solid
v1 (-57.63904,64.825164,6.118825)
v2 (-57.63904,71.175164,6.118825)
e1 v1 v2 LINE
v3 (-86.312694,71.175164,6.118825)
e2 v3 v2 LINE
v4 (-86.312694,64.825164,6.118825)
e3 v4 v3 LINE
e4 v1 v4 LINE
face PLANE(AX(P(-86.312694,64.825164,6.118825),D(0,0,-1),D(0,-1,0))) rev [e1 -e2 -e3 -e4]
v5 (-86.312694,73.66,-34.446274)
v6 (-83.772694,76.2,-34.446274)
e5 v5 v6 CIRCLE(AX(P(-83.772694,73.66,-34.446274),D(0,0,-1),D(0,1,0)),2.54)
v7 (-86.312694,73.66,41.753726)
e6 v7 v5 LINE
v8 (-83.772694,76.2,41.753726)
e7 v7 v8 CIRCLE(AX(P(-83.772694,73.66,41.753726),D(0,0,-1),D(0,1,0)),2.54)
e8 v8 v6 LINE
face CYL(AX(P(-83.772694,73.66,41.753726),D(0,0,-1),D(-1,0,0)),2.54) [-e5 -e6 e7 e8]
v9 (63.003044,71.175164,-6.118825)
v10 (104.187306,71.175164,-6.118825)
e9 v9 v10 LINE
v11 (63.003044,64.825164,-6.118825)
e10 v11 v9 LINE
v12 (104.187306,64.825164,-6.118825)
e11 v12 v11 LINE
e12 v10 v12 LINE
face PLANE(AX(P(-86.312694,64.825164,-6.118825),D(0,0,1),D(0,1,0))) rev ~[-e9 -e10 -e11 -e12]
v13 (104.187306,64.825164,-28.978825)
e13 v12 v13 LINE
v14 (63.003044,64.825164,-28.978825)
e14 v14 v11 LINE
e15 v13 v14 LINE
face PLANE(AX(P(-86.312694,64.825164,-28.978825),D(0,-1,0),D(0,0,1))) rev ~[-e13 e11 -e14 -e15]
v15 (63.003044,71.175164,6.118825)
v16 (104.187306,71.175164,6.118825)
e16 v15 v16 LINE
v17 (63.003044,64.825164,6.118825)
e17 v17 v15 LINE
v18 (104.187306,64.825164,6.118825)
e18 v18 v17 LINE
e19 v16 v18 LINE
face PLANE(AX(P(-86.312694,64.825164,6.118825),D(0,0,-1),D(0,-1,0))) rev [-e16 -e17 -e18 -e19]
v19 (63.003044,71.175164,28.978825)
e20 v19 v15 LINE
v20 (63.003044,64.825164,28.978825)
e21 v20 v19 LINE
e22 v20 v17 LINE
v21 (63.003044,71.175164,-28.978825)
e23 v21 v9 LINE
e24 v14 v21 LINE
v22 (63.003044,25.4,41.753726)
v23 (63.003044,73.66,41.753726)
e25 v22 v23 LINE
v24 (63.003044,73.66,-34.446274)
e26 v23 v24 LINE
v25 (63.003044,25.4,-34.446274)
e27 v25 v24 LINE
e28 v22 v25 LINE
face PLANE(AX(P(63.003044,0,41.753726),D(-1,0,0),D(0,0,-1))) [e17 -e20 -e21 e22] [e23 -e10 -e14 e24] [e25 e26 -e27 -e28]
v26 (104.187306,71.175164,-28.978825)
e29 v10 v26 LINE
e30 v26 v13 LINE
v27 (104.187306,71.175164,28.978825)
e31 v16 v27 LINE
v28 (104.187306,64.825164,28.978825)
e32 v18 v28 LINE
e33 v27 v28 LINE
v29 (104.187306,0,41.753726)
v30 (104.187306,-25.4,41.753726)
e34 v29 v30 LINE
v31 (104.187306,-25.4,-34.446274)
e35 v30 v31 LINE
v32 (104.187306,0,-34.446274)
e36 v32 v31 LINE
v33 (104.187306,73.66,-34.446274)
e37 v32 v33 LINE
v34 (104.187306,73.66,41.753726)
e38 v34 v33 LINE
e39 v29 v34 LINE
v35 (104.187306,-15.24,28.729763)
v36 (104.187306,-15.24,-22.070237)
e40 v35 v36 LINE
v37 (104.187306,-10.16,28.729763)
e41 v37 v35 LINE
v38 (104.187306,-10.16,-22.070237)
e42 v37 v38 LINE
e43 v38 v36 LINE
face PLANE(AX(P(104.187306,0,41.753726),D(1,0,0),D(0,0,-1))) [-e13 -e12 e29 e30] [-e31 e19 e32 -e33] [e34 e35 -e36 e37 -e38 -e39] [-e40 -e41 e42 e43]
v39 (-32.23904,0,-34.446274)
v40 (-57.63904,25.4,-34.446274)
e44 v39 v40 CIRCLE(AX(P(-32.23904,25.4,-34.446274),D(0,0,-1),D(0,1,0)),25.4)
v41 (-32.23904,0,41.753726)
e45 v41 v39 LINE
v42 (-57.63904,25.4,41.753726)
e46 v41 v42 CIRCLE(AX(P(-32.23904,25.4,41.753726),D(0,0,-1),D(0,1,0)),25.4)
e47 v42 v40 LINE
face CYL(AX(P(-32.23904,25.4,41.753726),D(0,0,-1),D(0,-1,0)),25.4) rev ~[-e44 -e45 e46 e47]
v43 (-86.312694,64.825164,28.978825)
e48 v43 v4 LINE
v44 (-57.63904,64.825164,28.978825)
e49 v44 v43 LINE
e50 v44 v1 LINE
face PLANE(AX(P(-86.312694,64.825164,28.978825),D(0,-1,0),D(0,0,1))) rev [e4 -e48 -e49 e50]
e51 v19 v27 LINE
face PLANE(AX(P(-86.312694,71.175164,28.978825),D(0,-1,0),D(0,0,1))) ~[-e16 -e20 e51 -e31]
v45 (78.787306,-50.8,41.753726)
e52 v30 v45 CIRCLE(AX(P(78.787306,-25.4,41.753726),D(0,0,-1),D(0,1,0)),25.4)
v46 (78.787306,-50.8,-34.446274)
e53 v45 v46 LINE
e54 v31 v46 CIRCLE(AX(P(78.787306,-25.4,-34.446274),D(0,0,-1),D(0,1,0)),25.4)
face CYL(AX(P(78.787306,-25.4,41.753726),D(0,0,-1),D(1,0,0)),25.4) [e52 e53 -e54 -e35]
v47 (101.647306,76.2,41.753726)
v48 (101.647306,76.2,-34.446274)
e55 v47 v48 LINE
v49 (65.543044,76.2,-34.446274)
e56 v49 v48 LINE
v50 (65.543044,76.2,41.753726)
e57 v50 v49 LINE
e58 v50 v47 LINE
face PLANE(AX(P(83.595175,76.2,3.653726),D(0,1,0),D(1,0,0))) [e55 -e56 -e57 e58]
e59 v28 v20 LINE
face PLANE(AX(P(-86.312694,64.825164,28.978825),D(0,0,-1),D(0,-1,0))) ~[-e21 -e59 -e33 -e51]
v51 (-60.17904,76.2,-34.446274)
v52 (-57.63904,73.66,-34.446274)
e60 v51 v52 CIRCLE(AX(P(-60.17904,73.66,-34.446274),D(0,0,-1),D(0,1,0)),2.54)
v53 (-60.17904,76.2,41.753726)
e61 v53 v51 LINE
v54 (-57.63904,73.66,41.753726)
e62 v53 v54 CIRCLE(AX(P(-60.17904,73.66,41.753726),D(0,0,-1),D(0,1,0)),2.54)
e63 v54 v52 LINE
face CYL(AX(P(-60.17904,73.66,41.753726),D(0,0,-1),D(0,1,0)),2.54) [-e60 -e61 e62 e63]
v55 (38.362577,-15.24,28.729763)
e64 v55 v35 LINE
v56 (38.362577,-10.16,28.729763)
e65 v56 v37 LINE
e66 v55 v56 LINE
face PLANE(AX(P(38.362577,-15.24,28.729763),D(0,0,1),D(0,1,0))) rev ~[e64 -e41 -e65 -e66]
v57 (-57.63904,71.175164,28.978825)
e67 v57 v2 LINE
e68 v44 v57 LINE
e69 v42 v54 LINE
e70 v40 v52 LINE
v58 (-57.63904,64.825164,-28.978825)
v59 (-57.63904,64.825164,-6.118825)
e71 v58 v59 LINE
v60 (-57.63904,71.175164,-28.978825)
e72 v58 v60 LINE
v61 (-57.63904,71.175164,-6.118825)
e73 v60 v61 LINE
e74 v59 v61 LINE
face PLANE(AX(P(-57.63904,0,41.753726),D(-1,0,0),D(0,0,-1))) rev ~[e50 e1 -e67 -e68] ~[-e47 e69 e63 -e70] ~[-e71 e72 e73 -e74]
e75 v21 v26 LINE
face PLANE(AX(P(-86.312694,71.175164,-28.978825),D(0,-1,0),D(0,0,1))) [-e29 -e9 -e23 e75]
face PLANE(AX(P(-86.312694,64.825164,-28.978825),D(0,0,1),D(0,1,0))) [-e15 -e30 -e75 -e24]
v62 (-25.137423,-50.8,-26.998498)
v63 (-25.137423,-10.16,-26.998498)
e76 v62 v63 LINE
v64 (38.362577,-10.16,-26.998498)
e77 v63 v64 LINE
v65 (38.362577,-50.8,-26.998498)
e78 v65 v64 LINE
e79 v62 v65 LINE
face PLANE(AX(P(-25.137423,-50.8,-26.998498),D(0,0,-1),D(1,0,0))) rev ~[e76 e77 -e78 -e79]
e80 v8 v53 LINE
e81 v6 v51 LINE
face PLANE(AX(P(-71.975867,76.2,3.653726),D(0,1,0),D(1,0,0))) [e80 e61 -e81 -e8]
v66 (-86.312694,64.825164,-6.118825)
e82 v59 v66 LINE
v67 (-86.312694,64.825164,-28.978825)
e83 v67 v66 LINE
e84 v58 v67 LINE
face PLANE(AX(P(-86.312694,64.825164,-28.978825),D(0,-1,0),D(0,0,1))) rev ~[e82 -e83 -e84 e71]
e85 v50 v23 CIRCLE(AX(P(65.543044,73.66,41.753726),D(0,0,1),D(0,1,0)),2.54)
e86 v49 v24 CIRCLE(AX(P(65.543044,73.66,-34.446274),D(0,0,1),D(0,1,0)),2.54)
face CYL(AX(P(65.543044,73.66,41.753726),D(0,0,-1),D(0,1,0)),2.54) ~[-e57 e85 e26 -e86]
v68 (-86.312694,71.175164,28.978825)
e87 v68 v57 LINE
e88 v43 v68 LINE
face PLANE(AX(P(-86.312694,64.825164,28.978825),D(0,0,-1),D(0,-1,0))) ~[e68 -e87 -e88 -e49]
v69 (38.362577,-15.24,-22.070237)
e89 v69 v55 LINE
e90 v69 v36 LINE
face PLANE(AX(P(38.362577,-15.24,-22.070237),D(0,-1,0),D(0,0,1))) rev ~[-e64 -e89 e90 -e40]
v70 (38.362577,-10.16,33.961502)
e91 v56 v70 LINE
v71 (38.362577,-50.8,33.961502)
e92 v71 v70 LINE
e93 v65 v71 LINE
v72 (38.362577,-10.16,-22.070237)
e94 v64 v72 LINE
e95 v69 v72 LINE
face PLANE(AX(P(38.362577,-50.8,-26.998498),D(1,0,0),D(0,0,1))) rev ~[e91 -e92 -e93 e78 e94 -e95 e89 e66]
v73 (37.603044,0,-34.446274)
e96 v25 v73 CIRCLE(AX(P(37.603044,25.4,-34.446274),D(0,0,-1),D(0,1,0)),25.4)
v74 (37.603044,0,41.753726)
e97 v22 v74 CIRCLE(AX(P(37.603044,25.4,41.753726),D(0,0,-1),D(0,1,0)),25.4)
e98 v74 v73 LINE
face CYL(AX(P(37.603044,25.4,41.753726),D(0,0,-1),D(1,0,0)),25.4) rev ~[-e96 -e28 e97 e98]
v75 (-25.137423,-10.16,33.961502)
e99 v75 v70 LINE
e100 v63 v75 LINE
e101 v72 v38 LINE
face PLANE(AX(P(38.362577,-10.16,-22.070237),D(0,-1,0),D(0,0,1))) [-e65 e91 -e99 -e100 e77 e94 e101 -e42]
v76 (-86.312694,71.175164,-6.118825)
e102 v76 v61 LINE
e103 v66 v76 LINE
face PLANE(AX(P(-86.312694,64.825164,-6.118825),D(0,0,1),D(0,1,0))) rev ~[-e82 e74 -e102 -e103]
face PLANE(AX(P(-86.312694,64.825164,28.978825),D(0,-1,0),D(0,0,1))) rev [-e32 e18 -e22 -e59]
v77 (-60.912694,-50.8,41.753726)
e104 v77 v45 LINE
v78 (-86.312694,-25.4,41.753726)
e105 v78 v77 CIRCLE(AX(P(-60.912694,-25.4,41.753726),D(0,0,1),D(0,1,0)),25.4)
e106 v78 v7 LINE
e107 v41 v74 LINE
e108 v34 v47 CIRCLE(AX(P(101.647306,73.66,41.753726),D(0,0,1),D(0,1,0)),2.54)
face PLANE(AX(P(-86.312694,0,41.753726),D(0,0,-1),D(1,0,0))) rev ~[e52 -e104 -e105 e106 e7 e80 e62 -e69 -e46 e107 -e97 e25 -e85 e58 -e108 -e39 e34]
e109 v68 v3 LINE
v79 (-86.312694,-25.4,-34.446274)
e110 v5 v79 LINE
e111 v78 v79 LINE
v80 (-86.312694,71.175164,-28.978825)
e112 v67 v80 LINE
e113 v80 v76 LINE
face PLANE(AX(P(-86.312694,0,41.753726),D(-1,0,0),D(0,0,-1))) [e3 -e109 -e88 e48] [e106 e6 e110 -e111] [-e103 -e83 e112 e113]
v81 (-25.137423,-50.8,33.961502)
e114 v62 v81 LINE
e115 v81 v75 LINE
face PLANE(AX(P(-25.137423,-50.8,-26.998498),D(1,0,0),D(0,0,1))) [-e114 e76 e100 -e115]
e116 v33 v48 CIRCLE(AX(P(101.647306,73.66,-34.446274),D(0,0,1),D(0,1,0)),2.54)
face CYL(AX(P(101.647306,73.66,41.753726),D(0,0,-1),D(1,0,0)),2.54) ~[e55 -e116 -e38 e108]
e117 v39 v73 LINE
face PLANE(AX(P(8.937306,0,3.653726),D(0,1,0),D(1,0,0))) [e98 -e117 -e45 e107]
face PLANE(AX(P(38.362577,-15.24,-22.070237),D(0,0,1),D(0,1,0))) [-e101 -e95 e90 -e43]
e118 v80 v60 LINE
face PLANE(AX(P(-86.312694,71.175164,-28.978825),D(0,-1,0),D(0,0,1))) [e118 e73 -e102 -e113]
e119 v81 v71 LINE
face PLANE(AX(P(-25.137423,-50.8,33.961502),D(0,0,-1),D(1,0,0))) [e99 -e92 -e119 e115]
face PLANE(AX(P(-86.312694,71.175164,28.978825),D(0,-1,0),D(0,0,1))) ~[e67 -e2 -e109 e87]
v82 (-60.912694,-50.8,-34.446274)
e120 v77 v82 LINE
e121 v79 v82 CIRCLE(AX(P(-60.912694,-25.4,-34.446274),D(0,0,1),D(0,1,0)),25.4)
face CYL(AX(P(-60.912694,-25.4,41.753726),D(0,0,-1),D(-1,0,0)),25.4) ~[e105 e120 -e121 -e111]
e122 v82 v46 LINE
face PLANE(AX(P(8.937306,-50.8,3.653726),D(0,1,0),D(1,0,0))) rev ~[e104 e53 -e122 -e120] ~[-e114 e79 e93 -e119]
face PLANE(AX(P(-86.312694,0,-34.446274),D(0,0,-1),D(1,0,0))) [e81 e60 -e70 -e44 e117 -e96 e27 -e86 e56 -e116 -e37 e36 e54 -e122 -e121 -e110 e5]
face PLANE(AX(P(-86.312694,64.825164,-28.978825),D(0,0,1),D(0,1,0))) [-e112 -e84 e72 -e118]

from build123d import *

# Parameters (mm, degrees)
SKETCH1_W           = 190.5
SKETCH1_H           = 76.2
BOSS_EXTRUDE1_DEPTH = 50.8
SKETCH2_W           = 28.67365349
SKETCH2_H           = 76.2
SKETCH2_W_2         = 41.184262463
BOSS_EXTRUDE2_DEPTH = 76.2
FILLET1_R           = 25.4
SKETCH4_W           = 22.86
SKETCH4_H           = 6.35
CUT_EXTRUDE1_DEPTH  = 210.380189247
FILLET2_R           = 2.54
SKETCH5_W           = 63.5
SKETCH5_H           = 60.96
CUT_EXTRUDE3_DEPTH  = 40.64
SKETCH7_W           = 50.8
SKETCH7_H           = 5.08
CUT_EXTRUDE4_DEPTH  = 76.2


with BuildPart() as part:
    # Sketch1 → Boss-Extrude1 (new body)
    with BuildSketch(Plane(origin=(0, 0, 0), x_dir=(1, 0, 0), z_dir=(0, 1, 0))):
        with Locations((8.93730635, -3.65372617)):
            Rectangle(SKETCH1_W, SKETCH1_H)
    extrude(amount=-BOSS_EXTRUDE1_DEPTH)

    # Sketch2 → Boss-Extrude2 (add)
    with BuildSketch(Plane(origin=(0, 0, 0), x_dir=(1, 0, 0), z_dir=(0, 1, 0))):
        with Locations((-71.975866905, -3.65372617)):
            Rectangle(SKETCH2_W, SKETCH2_H)
        with Locations((83.595175119, -3.65372617)):
            Rectangle(SKETCH2_W_2, SKETCH2_H)
    extrude(amount=BOSS_EXTRUDE2_DEPTH)

    # Fillet1
    fillet1_edges = [part.edges().sort_by_distance(p)[0] for p in [
        (104.18730635, -50.8, 3.65372617),
        (-57.63904016, 0, 3.65372617),
        (63.003043887, 0, 3.65372617),
        (-86.31269365, -50.8, 3.65372617),
    ]]
    fillet(fillet1_edges, radius=FILLET1_R)

    # Sketch4 → Cut-Extrude1 (cut, symmetric)
    with BuildSketch(Plane.ZY.offset(86.31269365)):
        with Locations((-17.548825197, 68.000163991)):
            Rectangle(SKETCH4_W, SKETCH4_H)
    cut_extrude1 = extrude(amount=CUT_EXTRUDE1_DEPTH, both=True, mode=Mode.SUBTRACT)

    # Mirror1: Cut-Extrude1 across plane
    add(cut_extrude1.mirror(Plane.XY), mode=Mode.SUBTRACT)

    # Fillet2
    fillet2_edges = [part.edges().sort_by_distance(p)[0] for p in [
        (-86.31269365, 76.2, 3.65372617),
        (-57.63904016, 76.2, 3.65372617),
        (104.18730635, 76.2, 3.65372617),
        (63.003043887, 76.2, 3.65372617),
    ]]
    fillet(fillet2_edges, radius=FILLET2_R)

    # Sketch5 → Cut-Extrude3 (cut)
    with BuildSketch(Plane.XZ.offset(50.8)):
        with Locations((6.612576952, 3.481502269)):
            Rectangle(SKETCH5_W, SKETCH5_H)
    extrude(amount=-CUT_EXTRUDE3_DEPTH, mode=Mode.SUBTRACT)

    # Sketch7 → Cut-Extrude4 (cut)
    with BuildSketch(Plane.ZY.offset(-38.362576952)):
        with Locations((3.329763468, -12.7)):
            Rectangle(SKETCH7_W, SKETCH7_H)
    extrude(amount=-CUT_EXTRUDE4_DEPTH, mode=Mode.SUBTRACT)


solid = part.part
